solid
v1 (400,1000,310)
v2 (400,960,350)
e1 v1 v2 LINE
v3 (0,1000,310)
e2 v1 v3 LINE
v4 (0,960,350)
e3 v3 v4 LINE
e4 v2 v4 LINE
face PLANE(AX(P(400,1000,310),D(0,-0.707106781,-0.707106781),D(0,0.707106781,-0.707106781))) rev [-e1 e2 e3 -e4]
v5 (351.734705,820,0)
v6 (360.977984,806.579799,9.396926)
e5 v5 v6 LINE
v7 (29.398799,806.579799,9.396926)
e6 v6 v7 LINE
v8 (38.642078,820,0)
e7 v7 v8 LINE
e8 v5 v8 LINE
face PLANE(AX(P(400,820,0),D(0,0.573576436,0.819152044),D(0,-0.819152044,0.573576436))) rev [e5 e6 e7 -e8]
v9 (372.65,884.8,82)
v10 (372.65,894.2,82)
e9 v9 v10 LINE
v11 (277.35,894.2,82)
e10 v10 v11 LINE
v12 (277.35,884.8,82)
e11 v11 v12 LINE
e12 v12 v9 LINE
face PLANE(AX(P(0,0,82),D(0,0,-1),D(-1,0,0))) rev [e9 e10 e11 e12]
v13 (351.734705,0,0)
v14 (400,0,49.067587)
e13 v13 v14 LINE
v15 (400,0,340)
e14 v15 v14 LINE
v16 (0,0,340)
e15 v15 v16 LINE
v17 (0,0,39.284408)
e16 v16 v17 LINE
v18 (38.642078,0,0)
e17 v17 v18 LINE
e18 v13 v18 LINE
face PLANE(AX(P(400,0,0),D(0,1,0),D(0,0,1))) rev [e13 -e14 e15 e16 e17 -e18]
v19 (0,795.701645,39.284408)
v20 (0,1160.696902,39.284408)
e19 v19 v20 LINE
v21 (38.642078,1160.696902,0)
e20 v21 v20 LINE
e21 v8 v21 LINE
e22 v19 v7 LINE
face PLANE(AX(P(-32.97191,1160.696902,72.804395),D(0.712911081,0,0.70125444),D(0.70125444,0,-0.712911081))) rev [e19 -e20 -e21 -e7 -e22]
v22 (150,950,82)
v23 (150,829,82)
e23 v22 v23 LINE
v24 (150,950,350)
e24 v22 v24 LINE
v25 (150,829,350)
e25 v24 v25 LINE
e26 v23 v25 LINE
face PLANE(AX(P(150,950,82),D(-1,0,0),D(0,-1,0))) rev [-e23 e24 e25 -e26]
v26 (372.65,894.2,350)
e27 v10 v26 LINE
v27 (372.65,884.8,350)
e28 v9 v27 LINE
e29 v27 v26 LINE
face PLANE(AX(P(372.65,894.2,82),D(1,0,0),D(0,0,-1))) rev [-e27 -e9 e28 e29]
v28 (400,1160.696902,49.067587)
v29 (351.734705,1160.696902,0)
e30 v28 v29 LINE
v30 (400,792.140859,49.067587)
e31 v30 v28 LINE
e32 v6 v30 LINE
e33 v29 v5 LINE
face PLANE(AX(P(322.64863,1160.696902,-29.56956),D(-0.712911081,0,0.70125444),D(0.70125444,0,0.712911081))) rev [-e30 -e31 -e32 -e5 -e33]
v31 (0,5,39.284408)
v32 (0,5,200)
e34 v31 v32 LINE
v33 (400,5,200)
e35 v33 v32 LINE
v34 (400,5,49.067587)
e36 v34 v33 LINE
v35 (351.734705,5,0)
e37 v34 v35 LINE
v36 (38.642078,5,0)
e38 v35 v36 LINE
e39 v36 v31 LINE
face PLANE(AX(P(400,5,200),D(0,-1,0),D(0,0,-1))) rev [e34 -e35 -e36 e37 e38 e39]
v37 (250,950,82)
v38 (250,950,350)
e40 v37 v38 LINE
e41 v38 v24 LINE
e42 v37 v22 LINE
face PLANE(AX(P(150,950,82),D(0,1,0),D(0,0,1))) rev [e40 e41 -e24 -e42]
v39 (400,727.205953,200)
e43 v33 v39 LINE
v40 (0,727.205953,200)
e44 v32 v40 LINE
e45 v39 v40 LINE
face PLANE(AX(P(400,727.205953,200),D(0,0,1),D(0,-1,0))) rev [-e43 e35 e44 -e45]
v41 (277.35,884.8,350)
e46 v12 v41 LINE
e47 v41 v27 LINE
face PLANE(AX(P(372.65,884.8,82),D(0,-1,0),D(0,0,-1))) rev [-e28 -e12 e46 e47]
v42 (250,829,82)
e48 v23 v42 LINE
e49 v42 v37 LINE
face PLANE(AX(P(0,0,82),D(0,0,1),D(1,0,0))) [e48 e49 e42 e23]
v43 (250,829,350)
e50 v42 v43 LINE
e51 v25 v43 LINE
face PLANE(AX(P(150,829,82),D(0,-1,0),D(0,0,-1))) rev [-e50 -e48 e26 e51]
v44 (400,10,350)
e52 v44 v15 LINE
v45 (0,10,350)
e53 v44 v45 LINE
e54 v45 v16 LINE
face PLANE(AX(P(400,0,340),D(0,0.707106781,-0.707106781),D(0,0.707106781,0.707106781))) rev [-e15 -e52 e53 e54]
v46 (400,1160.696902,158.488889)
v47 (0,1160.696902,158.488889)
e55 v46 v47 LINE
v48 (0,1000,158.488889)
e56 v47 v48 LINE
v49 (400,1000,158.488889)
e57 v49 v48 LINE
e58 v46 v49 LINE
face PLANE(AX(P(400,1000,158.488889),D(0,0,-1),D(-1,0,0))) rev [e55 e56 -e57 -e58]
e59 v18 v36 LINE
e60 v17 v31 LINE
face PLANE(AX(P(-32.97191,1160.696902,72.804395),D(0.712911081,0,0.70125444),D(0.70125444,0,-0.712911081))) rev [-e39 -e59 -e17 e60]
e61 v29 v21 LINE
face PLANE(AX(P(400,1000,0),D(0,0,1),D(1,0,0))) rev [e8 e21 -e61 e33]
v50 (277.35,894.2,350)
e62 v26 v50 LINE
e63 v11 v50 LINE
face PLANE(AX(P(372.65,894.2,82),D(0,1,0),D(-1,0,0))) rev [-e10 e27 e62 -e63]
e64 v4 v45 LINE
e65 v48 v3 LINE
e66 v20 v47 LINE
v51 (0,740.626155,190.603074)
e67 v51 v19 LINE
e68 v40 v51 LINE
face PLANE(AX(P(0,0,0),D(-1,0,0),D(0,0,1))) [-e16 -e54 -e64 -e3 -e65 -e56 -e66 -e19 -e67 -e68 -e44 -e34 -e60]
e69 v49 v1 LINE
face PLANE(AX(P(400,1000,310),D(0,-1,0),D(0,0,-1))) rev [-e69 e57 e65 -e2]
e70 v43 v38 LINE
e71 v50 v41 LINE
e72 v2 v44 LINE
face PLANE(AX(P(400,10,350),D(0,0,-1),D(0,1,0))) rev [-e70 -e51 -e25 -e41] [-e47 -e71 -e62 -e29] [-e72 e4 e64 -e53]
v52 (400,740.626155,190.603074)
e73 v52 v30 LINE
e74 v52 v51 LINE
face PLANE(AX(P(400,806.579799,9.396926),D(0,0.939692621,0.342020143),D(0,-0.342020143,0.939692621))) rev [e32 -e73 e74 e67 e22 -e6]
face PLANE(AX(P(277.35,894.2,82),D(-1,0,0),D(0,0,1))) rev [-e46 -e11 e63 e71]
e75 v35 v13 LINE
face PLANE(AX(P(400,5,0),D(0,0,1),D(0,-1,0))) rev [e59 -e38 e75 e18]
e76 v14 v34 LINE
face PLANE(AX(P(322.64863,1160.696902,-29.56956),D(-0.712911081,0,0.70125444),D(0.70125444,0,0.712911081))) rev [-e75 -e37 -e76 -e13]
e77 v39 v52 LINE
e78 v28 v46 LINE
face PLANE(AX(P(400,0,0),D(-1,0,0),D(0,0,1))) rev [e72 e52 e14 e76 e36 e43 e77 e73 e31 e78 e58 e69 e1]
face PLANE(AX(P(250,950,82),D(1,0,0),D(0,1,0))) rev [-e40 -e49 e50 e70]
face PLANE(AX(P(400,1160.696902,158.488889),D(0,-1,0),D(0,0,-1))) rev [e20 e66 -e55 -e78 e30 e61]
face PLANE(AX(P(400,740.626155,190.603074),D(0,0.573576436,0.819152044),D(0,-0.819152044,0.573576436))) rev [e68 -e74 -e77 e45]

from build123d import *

# Parameters (mm, degrees)
BOSS_EXTRUDE1_DEPTH     = 400
SKETCH2_W               = 100
SKETCH2_H               = 121
SKETCH2_W_2             = 95.3
SKETCH2_H_2             = 9.4
CUT_EXTRUDE1_DEPTH      = 268
CUT_EXTRUDE2_DEPTH      = 1
CUT_EXTRUDE2_DEPTH_BACK = 1161.696902422


with BuildPart() as part:
    # Sketch1 → Boss-Extrude1 (new body)
    with BuildSketch(Plane(origin=(0, 0, 0), x_dir=(0, 0, -1), z_dir=(1, 0, 0))):
        Polygon((0, 0), (-340, 0), (-350, 10), (-350, 960), (-310, 1000), (-158.48888922, 1000), (-158.48888922, 1160.696902422), (-108.48888922, 1160.696902422), (0, 1160.696902422), (0, 1000), (0, 970), (0, 820), (-9.396926208, 806.579798567), (-27.474774195, 800), (-190.603073792, 740.62615458), (-200, 727.205953147), (-200, 5), (0, 5), align=None)
    extrude(amount=BOSS_EXTRUDE1_DEPTH)

    # Sketch2 → Cut-Extrude1 (cut)
    with BuildSketch(Plane.XY.offset(350)):
        with Locations((200, 889.5)):
            Rectangle(SKETCH2_W, SKETCH2_H)
        with Locations((325, 889.5)):
            Rectangle(SKETCH2_W_2, SKETCH2_H_2)
    extrude(amount=-CUT_EXTRUDE1_DEPTH, mode=Mode.SUBTRACT)

    # Sketch3 → Cut-Extrude2 (cut, two sides)
    with BuildSketch(Plane(origin=(0, 0, 0), x_dir=(-1, 0, 0), z_dir=(0, -1, 0))) as cut_extrude2_sk:
        Polygon((32.971910004, -72.804395349), (-67.728153305, 29.569560354), (-322.648629759, 29.569560354), (-423.348693067, -72.804395349), (-423.348693067, 100.069531779), (32.971910004, 100.069531779), align=None)
    extrude(amount=CUT_EXTRUDE2_DEPTH, mode=Mode.SUBTRACT)
    extrude(cut_extrude2_sk.sketch, amount=-CUT_EXTRUDE2_DEPTH_BACK, mode=Mode.SUBTRACT)


solid = part.part
